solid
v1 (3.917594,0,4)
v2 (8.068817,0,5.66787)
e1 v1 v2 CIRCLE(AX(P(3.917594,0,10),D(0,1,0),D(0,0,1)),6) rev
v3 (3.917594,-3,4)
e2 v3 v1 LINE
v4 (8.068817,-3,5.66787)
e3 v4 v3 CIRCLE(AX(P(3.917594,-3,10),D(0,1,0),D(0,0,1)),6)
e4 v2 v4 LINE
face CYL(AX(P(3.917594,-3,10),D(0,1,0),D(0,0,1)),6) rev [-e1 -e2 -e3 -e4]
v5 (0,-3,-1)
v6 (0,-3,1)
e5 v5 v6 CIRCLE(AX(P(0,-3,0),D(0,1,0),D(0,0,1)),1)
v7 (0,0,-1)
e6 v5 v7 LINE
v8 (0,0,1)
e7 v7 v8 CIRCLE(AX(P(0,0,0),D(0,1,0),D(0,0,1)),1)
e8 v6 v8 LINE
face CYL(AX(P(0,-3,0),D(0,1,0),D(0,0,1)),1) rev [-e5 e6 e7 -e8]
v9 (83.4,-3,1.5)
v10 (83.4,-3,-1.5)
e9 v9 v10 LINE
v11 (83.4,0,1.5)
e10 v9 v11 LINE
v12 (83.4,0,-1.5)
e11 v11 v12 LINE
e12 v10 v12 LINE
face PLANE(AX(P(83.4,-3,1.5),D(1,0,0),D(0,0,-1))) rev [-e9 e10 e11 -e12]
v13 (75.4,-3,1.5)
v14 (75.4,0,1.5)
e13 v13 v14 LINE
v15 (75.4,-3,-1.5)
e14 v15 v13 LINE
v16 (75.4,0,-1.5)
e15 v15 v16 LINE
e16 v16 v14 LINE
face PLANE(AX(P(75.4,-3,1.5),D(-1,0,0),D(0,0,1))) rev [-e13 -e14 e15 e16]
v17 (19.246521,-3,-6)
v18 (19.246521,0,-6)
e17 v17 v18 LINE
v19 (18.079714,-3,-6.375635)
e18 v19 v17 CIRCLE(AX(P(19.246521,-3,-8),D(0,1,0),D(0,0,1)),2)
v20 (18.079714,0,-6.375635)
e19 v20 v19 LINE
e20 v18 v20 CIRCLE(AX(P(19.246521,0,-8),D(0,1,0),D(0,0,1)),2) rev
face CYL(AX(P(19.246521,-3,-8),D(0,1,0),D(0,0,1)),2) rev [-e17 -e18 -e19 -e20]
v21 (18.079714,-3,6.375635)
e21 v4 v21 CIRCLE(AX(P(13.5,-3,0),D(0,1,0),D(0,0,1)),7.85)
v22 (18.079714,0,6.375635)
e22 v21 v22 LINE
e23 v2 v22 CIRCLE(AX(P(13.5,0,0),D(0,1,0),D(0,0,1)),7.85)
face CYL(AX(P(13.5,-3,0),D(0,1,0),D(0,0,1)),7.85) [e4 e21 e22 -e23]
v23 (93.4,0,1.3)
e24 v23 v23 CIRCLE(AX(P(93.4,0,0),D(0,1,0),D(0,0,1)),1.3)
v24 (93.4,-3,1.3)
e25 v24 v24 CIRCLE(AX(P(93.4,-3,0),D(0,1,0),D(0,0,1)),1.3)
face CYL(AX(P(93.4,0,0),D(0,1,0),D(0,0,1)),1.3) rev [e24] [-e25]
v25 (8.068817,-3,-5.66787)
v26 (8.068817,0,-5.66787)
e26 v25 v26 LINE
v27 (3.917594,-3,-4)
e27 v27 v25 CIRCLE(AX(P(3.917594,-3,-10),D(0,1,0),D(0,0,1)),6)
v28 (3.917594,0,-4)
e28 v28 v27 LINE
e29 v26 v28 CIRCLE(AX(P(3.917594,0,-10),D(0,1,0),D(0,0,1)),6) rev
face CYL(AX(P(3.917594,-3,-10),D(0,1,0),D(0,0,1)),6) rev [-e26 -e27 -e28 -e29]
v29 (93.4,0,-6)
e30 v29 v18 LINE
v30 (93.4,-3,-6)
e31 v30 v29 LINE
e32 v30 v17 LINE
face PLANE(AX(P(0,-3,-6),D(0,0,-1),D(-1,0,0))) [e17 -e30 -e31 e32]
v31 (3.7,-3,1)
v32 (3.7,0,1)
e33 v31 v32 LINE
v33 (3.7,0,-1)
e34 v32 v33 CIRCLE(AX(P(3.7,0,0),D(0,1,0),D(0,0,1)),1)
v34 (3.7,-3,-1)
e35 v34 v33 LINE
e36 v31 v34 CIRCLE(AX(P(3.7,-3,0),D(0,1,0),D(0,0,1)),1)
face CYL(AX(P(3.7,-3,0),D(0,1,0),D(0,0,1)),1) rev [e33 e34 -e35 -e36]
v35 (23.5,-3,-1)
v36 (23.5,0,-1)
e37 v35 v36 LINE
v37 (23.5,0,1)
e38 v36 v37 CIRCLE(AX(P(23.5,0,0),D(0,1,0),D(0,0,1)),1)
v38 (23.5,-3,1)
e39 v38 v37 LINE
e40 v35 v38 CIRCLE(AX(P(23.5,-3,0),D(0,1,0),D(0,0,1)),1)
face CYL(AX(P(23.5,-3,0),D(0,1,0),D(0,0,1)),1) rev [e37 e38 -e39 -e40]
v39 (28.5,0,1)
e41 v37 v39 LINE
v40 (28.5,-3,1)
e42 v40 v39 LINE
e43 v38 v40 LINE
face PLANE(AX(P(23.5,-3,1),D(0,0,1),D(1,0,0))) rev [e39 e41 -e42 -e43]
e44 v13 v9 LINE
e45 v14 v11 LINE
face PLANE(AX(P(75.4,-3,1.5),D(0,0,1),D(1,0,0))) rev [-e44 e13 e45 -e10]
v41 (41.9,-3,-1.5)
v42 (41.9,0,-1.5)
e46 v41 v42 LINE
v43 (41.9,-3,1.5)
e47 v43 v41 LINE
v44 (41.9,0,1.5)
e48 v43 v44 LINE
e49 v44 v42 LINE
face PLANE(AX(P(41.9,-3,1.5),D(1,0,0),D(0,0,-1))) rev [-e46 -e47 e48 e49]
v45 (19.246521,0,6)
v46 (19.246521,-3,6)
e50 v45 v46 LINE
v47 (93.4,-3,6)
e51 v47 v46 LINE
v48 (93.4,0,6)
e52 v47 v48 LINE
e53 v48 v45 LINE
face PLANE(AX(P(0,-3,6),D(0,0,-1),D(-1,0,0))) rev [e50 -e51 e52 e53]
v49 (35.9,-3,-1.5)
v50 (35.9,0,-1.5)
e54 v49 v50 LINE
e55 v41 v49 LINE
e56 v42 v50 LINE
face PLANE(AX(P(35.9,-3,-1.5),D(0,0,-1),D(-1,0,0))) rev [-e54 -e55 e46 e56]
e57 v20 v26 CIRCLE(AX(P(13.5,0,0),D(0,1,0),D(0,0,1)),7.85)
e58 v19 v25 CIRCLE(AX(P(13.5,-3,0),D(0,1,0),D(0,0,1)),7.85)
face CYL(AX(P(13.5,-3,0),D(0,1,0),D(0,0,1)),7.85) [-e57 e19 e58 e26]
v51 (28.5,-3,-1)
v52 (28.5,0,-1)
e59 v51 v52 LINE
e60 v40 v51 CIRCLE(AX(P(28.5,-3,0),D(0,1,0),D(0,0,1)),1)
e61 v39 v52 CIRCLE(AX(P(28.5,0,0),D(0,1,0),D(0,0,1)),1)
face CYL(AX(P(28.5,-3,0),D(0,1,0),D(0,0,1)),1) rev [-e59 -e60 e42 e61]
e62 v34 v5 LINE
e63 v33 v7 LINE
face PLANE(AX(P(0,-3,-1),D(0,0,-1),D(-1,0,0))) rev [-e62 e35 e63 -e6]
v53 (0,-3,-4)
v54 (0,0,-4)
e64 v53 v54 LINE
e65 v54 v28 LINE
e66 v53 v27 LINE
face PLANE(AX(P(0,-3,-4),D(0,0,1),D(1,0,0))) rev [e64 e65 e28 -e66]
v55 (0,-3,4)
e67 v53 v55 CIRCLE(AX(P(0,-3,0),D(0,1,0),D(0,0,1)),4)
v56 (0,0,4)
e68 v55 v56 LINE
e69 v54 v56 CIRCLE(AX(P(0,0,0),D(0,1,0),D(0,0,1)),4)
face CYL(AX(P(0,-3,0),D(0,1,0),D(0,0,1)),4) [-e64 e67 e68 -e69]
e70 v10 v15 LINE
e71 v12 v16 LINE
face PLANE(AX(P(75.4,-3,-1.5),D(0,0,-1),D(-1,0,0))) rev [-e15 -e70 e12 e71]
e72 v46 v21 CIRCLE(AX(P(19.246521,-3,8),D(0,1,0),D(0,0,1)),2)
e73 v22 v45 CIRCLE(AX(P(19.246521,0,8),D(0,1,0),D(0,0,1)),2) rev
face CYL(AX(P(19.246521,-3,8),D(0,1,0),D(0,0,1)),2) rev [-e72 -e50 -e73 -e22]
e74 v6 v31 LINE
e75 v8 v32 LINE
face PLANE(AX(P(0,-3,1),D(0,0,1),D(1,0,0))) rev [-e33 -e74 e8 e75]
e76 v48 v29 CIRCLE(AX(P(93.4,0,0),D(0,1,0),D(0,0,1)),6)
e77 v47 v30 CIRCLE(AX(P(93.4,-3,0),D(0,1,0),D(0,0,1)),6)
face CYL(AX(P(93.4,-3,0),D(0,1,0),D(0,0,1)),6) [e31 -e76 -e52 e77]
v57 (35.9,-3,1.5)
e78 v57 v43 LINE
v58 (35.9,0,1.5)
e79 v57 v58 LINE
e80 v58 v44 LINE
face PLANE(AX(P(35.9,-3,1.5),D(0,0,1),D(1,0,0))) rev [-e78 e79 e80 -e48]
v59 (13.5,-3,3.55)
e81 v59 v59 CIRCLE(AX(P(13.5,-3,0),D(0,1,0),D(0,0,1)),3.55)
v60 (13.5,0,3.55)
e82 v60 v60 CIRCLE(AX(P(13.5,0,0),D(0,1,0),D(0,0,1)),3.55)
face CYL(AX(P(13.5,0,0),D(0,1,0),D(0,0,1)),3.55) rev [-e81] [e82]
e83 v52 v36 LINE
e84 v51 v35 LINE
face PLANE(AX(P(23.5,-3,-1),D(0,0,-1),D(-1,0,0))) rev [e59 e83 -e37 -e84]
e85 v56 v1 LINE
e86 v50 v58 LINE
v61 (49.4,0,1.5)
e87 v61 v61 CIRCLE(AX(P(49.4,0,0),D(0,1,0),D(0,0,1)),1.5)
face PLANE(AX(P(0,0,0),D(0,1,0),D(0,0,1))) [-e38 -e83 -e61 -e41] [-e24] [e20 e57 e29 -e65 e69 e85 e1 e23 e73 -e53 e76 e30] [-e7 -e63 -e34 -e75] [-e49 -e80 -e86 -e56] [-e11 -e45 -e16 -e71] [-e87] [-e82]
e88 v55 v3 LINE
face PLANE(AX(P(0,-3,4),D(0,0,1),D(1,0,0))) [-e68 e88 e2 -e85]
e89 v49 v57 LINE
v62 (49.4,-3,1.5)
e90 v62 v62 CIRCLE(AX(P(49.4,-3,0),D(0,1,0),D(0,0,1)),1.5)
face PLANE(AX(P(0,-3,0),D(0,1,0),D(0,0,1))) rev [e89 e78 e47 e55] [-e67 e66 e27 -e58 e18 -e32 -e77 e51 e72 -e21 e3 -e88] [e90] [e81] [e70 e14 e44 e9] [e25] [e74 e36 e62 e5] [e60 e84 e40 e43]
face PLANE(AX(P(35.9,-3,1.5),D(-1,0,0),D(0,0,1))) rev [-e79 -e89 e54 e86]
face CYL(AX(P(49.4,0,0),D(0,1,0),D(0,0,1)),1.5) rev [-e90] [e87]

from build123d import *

# Parameters (mm, degrees)
ESBO_O1_R                    = 4
ESBO_O1_R_2                  = 7.85
ESBO_O1_R_3                  = 6
RESSALTO_EXTRUS_O1_DEPTH     = 3
FURO_DE_DI_METRO_7_1_7_1_1_D = 7.1
CORTE_EXTRUS_O1_DEPTH        = 100.754611422
ESBO_O3_W                    = 8
ESBO_O3_H                    = 3
ESBO_O3_W_2                  = 6
CORTE_EXTRUS_O2_DEPTH        = 100.754611422
FURO_DE_DI_METRO_2_6_2_6_1_D = 2.6
FURO_DE_DI_METRO_3_0_3_1_D   = 3
FILETE1_R                    = 2
FILETE2_R                    = 6


with BuildPart() as part:
    # Esboço1 → Ressalto-extrusão1 (new body)
    with BuildSketch(Plane(origin=(0, 0, 0), x_dir=(1, 0, 0), z_dir=(0, 1, 0))):
        Circle(ESBO_O1_R)
        with BuildLine():
            ThreePointArc((6.745557018, -4), (5.65, 0), (6.745557018, 4))
            Line((6.745557018, 4), (0, 4))
            ThreePointArc((0, 4), (2.828427125, 2.828427125), (4, 0))
            ThreePointArc((4, 0), (2.828427125, -2.828427125), (0, -4))
            Line((0, -4), (6.745557018, -4))
        make_face()
        with Locations((13.5, 0)):
            Circle(ESBO_O1_R_2)
        with BuildLine():
            ThreePointArc((93.4, -6), (87.4, 0), (93.4, 6))
            Line((93.4, 6), (18.561867244, 6))
            ThreePointArc((18.561867244, 6), (20.618924001, 3.308084199), (21.35, 0))
            ThreePointArc((21.35, 0), (20.618924001, -3.308084199), (18.561867244, -6))
            Line((18.561867244, -6), (93.4, -6))
        make_face()
        with Locations((93.4, 0)):
            Circle(ESBO_O1_R_3)
    extrude(amount=-RESSALTO_EXTRUS_O1_DEPTH)

    # Furo de diâmetro Ø7.1 (7.1)1 (through all)
    with Locations(Plane(origin=(0, 0, 0), x_dir=(1, 0, 0), z_dir=(0, 1, 0))):
        with Locations((13.5, 0)):
            Hole(FURO_DE_DI_METRO_7_1_7_1_1_D / 2)

    # Esboço2 → Corte-extrusão1 (cut, through all)
    with BuildSketch(Plane(origin=(0, 0, 0), x_dir=(1, 0, 0), z_dir=(0, 1, 0))):
        with BuildLine():
            Line((0, 1), (3.7, 1))
            ThreePointArc((3.7, 1), (4.7, 0), (3.7, -1))
            Line((3.7, -1), (0, -1))
            ThreePointArc((0, -1), (-1, 0), (0, 1))
        make_face()
        with BuildLine():
            Line((23.5, 1), (28.5, 1))
            ThreePointArc((28.5, 1), (29.5, 0), (28.5, -1))
            Line((28.5, -1), (23.5, -1))
            ThreePointArc((23.5, -1), (22.5, 0), (23.5, 1))
        make_face()
    extrude(amount=-CORTE_EXTRUS_O1_DEPTH, mode=Mode.SUBTRACT)

    # Esboço3 → Corte-extrusão2 (cut, through all)
    with BuildSketch(Plane(origin=(0, 0, 0), x_dir=(1, 0, 0), z_dir=(0, 1, 0))):
        with Locations((79.4, 0)):
            Rectangle(ESBO_O3_W, ESBO_O3_H)
        with Locations((38.9, 0)):
            Rectangle(ESBO_O3_W_2, ESBO_O3_H)
    extrude(amount=-CORTE_EXTRUS_O2_DEPTH, mode=Mode.SUBTRACT)

    # Furo de diâmetro Ø2.6 (2.6)1 (through all)
    with Locations(Plane(origin=(0, 0, 0), x_dir=(1, 0, 0), z_dir=(0, 1, 0))):
        with Locations((93.4, 0)):
            Hole(FURO_DE_DI_METRO_2_6_2_6_1_D / 2)

    # Furo de diâmetro Ø3.0 (3)1 (through all)
    with Locations(Plane(origin=(0, 0, 0), x_dir=(1, 0, 0), z_dir=(0, 1, 0))):
        with Locations((49.4, 0)):
            Hole(FURO_DE_DI_METRO_3_0_3_1_D / 2)

    # Filete1
    filete1_edges = [part.edges().sort_by_distance(p)[0] for p in [
        (18.561867244, -1.5, -6),
        (18.561867244, -1.5, 6),
    ]]
    fillet(filete1_edges, radius=FILETE1_R)

    # Filete2
    filete2_edges = [part.edges().sort_by_distance(p)[0] for p in [
        (6.745557018, -1.5, -4),
        (6.745557018, -1.5, 4),
    ]]
    fillet(filete2_edges, radius=FILETE2_R)


solid = part.part
